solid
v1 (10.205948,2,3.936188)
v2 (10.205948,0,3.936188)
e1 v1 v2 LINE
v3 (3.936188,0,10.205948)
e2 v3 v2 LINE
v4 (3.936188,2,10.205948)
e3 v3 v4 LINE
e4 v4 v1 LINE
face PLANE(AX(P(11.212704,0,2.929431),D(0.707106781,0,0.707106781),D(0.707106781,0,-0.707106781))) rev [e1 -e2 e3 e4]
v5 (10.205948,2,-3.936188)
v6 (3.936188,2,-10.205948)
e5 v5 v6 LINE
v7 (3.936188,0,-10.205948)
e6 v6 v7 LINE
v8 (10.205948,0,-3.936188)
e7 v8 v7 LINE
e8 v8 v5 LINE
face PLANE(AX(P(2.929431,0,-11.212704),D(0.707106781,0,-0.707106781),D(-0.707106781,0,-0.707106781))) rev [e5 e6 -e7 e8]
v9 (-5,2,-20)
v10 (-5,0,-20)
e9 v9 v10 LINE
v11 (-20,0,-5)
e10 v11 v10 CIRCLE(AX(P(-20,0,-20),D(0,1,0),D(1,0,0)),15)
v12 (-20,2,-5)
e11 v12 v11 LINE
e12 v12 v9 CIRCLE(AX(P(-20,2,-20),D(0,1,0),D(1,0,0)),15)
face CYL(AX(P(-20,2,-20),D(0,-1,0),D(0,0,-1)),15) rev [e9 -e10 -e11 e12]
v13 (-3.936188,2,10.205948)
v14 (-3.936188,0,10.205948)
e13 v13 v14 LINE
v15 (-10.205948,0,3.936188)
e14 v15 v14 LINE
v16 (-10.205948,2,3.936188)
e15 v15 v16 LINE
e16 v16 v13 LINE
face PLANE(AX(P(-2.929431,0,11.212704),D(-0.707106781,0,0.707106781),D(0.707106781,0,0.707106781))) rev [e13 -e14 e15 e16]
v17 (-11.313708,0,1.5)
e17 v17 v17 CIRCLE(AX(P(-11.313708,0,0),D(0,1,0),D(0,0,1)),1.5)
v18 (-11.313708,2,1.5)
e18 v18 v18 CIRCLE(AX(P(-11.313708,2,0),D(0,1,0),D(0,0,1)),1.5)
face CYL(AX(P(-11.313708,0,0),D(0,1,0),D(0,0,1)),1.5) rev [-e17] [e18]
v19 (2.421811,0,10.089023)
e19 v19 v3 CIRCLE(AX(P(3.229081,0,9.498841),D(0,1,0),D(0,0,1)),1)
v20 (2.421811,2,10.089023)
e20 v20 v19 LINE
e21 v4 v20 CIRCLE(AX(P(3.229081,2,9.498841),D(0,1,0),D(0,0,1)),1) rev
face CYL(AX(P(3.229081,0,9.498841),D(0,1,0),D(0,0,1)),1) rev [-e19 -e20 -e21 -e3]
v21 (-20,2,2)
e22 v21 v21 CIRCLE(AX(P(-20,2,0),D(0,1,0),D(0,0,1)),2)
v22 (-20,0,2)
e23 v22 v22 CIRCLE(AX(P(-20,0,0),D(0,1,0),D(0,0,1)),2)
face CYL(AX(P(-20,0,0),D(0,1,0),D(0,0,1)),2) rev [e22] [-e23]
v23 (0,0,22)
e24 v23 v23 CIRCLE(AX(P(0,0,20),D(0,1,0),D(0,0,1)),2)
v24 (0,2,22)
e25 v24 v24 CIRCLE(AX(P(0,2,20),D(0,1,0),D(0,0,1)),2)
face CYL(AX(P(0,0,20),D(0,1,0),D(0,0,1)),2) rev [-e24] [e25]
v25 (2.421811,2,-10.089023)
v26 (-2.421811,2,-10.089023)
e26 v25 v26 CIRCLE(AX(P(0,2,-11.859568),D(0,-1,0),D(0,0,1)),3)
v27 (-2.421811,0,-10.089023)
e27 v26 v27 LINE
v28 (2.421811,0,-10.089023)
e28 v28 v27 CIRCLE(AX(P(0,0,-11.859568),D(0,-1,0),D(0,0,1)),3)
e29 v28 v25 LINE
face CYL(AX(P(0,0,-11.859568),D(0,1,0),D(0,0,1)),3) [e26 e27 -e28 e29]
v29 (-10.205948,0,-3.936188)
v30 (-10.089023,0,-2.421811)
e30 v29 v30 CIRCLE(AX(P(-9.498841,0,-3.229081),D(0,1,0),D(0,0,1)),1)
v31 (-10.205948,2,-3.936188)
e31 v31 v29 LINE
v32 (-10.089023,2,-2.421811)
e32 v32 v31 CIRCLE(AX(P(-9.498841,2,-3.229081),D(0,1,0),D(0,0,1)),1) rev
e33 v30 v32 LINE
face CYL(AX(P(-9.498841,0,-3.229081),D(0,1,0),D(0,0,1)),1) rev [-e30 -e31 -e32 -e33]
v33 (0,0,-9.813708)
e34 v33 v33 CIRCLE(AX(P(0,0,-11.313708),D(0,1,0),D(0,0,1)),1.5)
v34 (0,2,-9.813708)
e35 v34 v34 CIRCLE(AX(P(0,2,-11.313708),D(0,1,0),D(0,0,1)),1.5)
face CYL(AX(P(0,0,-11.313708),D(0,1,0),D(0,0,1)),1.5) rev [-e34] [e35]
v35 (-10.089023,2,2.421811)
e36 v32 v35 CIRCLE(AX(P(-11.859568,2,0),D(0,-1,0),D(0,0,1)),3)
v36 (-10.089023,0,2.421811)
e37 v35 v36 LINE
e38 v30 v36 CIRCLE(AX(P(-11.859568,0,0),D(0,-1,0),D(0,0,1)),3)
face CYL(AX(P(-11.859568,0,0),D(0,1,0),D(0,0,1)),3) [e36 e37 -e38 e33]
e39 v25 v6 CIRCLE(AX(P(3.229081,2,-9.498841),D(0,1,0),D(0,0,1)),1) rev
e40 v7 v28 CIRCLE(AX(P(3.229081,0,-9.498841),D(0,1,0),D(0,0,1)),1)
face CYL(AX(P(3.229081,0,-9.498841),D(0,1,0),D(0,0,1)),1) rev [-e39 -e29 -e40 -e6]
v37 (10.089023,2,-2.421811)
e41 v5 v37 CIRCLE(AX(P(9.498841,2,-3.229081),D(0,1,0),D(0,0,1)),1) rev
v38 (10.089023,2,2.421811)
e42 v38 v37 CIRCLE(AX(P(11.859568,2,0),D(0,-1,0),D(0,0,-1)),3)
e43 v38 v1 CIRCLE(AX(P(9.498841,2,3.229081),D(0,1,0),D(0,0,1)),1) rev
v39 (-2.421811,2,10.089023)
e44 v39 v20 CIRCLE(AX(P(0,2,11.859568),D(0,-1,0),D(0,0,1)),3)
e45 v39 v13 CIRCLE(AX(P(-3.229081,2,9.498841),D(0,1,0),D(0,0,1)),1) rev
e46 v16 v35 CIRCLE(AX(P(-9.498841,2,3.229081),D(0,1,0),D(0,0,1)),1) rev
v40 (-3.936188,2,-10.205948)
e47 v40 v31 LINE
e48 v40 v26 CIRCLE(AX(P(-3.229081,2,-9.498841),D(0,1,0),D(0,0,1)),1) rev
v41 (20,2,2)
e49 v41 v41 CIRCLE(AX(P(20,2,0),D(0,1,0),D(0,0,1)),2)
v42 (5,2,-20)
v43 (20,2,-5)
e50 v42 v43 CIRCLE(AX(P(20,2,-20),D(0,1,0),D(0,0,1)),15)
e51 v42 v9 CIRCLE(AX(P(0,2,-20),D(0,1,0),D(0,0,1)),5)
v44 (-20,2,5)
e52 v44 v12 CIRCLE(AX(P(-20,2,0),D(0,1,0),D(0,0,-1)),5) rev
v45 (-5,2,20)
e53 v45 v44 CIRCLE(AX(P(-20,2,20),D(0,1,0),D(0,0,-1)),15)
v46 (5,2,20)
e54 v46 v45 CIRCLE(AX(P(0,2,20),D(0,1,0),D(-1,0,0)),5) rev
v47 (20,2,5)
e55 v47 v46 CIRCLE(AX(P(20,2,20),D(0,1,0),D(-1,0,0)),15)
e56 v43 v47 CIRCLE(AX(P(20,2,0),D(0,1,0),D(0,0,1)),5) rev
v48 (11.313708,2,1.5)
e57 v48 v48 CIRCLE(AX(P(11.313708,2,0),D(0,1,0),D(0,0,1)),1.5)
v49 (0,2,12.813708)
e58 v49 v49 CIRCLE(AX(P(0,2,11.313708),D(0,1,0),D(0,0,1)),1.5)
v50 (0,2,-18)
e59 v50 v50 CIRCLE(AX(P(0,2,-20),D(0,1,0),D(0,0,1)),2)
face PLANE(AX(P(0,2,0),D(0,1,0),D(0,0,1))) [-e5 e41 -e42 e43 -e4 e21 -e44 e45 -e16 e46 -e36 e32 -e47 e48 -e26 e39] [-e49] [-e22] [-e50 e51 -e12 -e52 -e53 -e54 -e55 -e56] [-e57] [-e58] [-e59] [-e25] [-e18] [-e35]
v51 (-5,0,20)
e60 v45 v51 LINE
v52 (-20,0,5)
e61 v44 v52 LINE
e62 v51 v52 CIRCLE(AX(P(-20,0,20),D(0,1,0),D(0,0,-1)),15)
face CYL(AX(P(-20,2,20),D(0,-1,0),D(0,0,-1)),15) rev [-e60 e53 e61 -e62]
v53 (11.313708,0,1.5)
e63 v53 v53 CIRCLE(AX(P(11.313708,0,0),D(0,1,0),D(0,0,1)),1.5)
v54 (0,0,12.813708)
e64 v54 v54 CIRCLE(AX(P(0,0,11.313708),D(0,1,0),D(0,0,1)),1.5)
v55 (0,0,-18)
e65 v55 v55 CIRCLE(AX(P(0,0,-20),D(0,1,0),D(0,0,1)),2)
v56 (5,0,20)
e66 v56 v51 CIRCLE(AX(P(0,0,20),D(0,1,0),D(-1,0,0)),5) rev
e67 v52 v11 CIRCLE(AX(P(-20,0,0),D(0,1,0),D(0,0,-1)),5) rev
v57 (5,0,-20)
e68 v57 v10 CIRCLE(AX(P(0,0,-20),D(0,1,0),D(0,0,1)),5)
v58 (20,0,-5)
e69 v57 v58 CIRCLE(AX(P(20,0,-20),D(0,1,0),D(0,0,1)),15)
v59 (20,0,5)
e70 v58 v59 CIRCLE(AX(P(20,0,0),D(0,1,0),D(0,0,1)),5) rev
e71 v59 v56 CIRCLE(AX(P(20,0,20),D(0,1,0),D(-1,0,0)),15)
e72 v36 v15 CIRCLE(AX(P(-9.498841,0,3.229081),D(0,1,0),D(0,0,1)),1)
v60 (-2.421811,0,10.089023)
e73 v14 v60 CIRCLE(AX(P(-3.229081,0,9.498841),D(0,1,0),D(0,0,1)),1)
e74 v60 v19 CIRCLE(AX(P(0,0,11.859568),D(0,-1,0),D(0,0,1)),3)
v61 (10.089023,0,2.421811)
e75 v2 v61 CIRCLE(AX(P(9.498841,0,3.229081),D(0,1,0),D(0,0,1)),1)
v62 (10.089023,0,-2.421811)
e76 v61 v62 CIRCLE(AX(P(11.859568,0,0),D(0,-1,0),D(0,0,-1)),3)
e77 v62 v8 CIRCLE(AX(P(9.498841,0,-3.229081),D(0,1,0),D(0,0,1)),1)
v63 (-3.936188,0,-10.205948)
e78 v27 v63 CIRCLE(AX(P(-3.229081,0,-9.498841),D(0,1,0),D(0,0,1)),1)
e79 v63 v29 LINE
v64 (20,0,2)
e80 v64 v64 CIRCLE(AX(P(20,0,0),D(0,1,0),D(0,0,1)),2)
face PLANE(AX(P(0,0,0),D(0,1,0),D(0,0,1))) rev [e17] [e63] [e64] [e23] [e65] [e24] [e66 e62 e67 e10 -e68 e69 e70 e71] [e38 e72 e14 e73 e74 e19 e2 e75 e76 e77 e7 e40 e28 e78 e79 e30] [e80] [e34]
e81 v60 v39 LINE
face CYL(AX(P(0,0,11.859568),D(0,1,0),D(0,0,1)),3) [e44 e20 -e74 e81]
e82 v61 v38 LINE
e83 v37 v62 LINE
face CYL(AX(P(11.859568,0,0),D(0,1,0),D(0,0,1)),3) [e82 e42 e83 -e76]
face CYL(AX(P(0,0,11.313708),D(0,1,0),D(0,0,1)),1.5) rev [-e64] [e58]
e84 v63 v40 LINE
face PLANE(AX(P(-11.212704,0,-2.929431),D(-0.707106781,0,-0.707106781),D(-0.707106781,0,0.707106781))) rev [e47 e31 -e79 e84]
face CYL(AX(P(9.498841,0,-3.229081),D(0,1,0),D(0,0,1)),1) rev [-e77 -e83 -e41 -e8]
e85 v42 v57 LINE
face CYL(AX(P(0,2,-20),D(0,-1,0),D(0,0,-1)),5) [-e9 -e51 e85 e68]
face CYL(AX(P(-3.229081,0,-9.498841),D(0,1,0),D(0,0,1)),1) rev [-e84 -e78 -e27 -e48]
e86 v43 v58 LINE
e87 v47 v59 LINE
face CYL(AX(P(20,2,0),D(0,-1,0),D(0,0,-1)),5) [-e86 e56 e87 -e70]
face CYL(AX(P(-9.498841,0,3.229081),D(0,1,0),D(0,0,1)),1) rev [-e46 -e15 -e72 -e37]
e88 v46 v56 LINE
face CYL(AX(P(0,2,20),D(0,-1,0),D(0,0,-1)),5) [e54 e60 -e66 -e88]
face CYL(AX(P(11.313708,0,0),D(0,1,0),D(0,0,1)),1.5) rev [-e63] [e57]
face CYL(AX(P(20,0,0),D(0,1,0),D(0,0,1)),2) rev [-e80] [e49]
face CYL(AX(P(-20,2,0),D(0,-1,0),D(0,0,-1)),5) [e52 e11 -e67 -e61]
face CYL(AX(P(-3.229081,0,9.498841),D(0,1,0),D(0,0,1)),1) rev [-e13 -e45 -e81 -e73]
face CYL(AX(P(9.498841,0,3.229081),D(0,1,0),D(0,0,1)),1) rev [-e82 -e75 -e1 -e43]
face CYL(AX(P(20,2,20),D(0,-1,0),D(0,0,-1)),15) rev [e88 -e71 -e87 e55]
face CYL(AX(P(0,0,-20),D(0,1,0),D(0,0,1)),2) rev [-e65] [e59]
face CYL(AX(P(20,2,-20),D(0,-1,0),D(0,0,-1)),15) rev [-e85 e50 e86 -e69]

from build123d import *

# Parameters (mm, degrees)
BOSS_EXTRUDE1_DEPTH = 2
CIRPATTERN1_COUNT   = 4
SKETCH2_R           = 1.5
SKETCH2_R_2         = 2
CUT_EXTRUDE1_DEPTH  = 2
CUT_EXTRUDE2_DEPTH  = 2
FILLET2_R           = 1


with BuildPart() as part:
    # Sketch1 → Boss-Extrude1 (new body)
    with BuildSketch(Plane(origin=(0, 0, 0), x_dir=(1, 0, 0), z_dir=(0, 1, 0))):
        with BuildLine():
            Line((0, 25), (0, 0))
            Line((0, 0), (25, 0))
            ThreePointArc((25, 0), (23.535533906, 3.535533906), (20, 5))
            ThreePointArc((20, 5), (9.393398282, 9.393398282), (5, 20))
            ThreePointArc((5, 20), (3.535533906, 23.535533906), (0, 25))
        make_face()
    boss_extrude1 = extrude(amount=BOSS_EXTRUDE1_DEPTH)

    # CirPattern1: Boss-Extrude1 ×4 about axis
    cirpattern1_axis = Axis((0, 0, 0), (0, 1, 0))
    for i in range(1, CIRPATTERN1_COUNT):
        add(boss_extrude1.rotate(cirpattern1_axis, i * 360 / CIRPATTERN1_COUNT))

    # Sketch2 → Cut-Extrude1 (cut)
    with BuildSketch(Plane(origin=(0, 2, 0), x_dir=(1, 0, 0), z_dir=(0, 1, 0))):
        with Locations(Location((0, 11.313708499, 0), (0, 0, 270))):
            Circle(SKETCH2_R)
        with Locations(Location((0, 20, 0), (0, 0, 270))):
            Circle(SKETCH2_R_2)
        with Locations(Location((11.313708499, 0, 0), (0, 0, 270))):
            Circle(SKETCH2_R)
        with Locations(Location((20, 0, 0), (0, 0, 270))):
            Circle(SKETCH2_R_2)
        with Locations(Location((0, -11.313708499, 0), (0, 0, 270))):
            Circle(SKETCH2_R)
        with Locations(Location((0, -20, 0), (0, 0, 270))):
            Circle(SKETCH2_R_2)
        with Locations(Location((-11.313708499, 0, 0), (0, 0, 270))):
            Circle(SKETCH2_R)
        with Locations(Location((-20, 0, 0), (0, 0, 270))):
            Circle(SKETCH2_R_2)
    extrude(amount=-CUT_EXTRUDE1_DEPTH, mode=Mode.SUBTRACT)

    # Sketch3 → Cut-Extrude2 (cut)
    with BuildSketch(Plane(origin=(0, 2, 0), x_dir=(1, 0, 0), z_dir=(0, 1, 0))):
        with BuildLine():
            Line((-11.212704416, 2.929431208), (-2.929431208, 11.212704416))
            ThreePointArc((-2.929431208, 11.212704416), (0, 8.859568233), (2.929431208, 11.212704416))
            Line((2.929431208, 11.212704416), (11.212704416, 2.929431208))
            ThreePointArc((11.212704416, 2.929431208), (8.859568233, 0), (11.212704416, -2.929431208))
            Line((11.212704416, -2.929431208), (2.929431208, -11.212704416))
            ThreePointArc((2.929431208, -11.212704416), (0, -8.859568233), (-2.929431208, -11.212704416))
            Line((-2.929431208, -11.212704416), (-11.212704416, -2.929431208))
            ThreePointArc((-11.212704416, -2.929431208), (-8.859568233, 0), (-11.212704416, 2.929431208))
        make_face()
    extrude(amount=-CUT_EXTRUDE2_DEPTH, mode=Mode.SUBTRACT)

    # Fillet2
    fillet2_edges = [part.edges().sort_by_distance(p)[0] for p in [
        (-11.212704416, 1, 2.929431208),
        (-11.212704416, 1, -2.929431208),
        (-2.929431208, 1, -11.212704416),
        (2.929431208, 1, -11.212704416),
        (11.212704416, 1, -2.929431208),
        (11.212704416, 1, 2.929431208),
        (2.929431208, 1, 11.212704416),
        (-2.929431208, 1, 11.212704416),
    ]]
    fillet(fillet2_edges, radius=FILLET2_R)


solid = part.part
